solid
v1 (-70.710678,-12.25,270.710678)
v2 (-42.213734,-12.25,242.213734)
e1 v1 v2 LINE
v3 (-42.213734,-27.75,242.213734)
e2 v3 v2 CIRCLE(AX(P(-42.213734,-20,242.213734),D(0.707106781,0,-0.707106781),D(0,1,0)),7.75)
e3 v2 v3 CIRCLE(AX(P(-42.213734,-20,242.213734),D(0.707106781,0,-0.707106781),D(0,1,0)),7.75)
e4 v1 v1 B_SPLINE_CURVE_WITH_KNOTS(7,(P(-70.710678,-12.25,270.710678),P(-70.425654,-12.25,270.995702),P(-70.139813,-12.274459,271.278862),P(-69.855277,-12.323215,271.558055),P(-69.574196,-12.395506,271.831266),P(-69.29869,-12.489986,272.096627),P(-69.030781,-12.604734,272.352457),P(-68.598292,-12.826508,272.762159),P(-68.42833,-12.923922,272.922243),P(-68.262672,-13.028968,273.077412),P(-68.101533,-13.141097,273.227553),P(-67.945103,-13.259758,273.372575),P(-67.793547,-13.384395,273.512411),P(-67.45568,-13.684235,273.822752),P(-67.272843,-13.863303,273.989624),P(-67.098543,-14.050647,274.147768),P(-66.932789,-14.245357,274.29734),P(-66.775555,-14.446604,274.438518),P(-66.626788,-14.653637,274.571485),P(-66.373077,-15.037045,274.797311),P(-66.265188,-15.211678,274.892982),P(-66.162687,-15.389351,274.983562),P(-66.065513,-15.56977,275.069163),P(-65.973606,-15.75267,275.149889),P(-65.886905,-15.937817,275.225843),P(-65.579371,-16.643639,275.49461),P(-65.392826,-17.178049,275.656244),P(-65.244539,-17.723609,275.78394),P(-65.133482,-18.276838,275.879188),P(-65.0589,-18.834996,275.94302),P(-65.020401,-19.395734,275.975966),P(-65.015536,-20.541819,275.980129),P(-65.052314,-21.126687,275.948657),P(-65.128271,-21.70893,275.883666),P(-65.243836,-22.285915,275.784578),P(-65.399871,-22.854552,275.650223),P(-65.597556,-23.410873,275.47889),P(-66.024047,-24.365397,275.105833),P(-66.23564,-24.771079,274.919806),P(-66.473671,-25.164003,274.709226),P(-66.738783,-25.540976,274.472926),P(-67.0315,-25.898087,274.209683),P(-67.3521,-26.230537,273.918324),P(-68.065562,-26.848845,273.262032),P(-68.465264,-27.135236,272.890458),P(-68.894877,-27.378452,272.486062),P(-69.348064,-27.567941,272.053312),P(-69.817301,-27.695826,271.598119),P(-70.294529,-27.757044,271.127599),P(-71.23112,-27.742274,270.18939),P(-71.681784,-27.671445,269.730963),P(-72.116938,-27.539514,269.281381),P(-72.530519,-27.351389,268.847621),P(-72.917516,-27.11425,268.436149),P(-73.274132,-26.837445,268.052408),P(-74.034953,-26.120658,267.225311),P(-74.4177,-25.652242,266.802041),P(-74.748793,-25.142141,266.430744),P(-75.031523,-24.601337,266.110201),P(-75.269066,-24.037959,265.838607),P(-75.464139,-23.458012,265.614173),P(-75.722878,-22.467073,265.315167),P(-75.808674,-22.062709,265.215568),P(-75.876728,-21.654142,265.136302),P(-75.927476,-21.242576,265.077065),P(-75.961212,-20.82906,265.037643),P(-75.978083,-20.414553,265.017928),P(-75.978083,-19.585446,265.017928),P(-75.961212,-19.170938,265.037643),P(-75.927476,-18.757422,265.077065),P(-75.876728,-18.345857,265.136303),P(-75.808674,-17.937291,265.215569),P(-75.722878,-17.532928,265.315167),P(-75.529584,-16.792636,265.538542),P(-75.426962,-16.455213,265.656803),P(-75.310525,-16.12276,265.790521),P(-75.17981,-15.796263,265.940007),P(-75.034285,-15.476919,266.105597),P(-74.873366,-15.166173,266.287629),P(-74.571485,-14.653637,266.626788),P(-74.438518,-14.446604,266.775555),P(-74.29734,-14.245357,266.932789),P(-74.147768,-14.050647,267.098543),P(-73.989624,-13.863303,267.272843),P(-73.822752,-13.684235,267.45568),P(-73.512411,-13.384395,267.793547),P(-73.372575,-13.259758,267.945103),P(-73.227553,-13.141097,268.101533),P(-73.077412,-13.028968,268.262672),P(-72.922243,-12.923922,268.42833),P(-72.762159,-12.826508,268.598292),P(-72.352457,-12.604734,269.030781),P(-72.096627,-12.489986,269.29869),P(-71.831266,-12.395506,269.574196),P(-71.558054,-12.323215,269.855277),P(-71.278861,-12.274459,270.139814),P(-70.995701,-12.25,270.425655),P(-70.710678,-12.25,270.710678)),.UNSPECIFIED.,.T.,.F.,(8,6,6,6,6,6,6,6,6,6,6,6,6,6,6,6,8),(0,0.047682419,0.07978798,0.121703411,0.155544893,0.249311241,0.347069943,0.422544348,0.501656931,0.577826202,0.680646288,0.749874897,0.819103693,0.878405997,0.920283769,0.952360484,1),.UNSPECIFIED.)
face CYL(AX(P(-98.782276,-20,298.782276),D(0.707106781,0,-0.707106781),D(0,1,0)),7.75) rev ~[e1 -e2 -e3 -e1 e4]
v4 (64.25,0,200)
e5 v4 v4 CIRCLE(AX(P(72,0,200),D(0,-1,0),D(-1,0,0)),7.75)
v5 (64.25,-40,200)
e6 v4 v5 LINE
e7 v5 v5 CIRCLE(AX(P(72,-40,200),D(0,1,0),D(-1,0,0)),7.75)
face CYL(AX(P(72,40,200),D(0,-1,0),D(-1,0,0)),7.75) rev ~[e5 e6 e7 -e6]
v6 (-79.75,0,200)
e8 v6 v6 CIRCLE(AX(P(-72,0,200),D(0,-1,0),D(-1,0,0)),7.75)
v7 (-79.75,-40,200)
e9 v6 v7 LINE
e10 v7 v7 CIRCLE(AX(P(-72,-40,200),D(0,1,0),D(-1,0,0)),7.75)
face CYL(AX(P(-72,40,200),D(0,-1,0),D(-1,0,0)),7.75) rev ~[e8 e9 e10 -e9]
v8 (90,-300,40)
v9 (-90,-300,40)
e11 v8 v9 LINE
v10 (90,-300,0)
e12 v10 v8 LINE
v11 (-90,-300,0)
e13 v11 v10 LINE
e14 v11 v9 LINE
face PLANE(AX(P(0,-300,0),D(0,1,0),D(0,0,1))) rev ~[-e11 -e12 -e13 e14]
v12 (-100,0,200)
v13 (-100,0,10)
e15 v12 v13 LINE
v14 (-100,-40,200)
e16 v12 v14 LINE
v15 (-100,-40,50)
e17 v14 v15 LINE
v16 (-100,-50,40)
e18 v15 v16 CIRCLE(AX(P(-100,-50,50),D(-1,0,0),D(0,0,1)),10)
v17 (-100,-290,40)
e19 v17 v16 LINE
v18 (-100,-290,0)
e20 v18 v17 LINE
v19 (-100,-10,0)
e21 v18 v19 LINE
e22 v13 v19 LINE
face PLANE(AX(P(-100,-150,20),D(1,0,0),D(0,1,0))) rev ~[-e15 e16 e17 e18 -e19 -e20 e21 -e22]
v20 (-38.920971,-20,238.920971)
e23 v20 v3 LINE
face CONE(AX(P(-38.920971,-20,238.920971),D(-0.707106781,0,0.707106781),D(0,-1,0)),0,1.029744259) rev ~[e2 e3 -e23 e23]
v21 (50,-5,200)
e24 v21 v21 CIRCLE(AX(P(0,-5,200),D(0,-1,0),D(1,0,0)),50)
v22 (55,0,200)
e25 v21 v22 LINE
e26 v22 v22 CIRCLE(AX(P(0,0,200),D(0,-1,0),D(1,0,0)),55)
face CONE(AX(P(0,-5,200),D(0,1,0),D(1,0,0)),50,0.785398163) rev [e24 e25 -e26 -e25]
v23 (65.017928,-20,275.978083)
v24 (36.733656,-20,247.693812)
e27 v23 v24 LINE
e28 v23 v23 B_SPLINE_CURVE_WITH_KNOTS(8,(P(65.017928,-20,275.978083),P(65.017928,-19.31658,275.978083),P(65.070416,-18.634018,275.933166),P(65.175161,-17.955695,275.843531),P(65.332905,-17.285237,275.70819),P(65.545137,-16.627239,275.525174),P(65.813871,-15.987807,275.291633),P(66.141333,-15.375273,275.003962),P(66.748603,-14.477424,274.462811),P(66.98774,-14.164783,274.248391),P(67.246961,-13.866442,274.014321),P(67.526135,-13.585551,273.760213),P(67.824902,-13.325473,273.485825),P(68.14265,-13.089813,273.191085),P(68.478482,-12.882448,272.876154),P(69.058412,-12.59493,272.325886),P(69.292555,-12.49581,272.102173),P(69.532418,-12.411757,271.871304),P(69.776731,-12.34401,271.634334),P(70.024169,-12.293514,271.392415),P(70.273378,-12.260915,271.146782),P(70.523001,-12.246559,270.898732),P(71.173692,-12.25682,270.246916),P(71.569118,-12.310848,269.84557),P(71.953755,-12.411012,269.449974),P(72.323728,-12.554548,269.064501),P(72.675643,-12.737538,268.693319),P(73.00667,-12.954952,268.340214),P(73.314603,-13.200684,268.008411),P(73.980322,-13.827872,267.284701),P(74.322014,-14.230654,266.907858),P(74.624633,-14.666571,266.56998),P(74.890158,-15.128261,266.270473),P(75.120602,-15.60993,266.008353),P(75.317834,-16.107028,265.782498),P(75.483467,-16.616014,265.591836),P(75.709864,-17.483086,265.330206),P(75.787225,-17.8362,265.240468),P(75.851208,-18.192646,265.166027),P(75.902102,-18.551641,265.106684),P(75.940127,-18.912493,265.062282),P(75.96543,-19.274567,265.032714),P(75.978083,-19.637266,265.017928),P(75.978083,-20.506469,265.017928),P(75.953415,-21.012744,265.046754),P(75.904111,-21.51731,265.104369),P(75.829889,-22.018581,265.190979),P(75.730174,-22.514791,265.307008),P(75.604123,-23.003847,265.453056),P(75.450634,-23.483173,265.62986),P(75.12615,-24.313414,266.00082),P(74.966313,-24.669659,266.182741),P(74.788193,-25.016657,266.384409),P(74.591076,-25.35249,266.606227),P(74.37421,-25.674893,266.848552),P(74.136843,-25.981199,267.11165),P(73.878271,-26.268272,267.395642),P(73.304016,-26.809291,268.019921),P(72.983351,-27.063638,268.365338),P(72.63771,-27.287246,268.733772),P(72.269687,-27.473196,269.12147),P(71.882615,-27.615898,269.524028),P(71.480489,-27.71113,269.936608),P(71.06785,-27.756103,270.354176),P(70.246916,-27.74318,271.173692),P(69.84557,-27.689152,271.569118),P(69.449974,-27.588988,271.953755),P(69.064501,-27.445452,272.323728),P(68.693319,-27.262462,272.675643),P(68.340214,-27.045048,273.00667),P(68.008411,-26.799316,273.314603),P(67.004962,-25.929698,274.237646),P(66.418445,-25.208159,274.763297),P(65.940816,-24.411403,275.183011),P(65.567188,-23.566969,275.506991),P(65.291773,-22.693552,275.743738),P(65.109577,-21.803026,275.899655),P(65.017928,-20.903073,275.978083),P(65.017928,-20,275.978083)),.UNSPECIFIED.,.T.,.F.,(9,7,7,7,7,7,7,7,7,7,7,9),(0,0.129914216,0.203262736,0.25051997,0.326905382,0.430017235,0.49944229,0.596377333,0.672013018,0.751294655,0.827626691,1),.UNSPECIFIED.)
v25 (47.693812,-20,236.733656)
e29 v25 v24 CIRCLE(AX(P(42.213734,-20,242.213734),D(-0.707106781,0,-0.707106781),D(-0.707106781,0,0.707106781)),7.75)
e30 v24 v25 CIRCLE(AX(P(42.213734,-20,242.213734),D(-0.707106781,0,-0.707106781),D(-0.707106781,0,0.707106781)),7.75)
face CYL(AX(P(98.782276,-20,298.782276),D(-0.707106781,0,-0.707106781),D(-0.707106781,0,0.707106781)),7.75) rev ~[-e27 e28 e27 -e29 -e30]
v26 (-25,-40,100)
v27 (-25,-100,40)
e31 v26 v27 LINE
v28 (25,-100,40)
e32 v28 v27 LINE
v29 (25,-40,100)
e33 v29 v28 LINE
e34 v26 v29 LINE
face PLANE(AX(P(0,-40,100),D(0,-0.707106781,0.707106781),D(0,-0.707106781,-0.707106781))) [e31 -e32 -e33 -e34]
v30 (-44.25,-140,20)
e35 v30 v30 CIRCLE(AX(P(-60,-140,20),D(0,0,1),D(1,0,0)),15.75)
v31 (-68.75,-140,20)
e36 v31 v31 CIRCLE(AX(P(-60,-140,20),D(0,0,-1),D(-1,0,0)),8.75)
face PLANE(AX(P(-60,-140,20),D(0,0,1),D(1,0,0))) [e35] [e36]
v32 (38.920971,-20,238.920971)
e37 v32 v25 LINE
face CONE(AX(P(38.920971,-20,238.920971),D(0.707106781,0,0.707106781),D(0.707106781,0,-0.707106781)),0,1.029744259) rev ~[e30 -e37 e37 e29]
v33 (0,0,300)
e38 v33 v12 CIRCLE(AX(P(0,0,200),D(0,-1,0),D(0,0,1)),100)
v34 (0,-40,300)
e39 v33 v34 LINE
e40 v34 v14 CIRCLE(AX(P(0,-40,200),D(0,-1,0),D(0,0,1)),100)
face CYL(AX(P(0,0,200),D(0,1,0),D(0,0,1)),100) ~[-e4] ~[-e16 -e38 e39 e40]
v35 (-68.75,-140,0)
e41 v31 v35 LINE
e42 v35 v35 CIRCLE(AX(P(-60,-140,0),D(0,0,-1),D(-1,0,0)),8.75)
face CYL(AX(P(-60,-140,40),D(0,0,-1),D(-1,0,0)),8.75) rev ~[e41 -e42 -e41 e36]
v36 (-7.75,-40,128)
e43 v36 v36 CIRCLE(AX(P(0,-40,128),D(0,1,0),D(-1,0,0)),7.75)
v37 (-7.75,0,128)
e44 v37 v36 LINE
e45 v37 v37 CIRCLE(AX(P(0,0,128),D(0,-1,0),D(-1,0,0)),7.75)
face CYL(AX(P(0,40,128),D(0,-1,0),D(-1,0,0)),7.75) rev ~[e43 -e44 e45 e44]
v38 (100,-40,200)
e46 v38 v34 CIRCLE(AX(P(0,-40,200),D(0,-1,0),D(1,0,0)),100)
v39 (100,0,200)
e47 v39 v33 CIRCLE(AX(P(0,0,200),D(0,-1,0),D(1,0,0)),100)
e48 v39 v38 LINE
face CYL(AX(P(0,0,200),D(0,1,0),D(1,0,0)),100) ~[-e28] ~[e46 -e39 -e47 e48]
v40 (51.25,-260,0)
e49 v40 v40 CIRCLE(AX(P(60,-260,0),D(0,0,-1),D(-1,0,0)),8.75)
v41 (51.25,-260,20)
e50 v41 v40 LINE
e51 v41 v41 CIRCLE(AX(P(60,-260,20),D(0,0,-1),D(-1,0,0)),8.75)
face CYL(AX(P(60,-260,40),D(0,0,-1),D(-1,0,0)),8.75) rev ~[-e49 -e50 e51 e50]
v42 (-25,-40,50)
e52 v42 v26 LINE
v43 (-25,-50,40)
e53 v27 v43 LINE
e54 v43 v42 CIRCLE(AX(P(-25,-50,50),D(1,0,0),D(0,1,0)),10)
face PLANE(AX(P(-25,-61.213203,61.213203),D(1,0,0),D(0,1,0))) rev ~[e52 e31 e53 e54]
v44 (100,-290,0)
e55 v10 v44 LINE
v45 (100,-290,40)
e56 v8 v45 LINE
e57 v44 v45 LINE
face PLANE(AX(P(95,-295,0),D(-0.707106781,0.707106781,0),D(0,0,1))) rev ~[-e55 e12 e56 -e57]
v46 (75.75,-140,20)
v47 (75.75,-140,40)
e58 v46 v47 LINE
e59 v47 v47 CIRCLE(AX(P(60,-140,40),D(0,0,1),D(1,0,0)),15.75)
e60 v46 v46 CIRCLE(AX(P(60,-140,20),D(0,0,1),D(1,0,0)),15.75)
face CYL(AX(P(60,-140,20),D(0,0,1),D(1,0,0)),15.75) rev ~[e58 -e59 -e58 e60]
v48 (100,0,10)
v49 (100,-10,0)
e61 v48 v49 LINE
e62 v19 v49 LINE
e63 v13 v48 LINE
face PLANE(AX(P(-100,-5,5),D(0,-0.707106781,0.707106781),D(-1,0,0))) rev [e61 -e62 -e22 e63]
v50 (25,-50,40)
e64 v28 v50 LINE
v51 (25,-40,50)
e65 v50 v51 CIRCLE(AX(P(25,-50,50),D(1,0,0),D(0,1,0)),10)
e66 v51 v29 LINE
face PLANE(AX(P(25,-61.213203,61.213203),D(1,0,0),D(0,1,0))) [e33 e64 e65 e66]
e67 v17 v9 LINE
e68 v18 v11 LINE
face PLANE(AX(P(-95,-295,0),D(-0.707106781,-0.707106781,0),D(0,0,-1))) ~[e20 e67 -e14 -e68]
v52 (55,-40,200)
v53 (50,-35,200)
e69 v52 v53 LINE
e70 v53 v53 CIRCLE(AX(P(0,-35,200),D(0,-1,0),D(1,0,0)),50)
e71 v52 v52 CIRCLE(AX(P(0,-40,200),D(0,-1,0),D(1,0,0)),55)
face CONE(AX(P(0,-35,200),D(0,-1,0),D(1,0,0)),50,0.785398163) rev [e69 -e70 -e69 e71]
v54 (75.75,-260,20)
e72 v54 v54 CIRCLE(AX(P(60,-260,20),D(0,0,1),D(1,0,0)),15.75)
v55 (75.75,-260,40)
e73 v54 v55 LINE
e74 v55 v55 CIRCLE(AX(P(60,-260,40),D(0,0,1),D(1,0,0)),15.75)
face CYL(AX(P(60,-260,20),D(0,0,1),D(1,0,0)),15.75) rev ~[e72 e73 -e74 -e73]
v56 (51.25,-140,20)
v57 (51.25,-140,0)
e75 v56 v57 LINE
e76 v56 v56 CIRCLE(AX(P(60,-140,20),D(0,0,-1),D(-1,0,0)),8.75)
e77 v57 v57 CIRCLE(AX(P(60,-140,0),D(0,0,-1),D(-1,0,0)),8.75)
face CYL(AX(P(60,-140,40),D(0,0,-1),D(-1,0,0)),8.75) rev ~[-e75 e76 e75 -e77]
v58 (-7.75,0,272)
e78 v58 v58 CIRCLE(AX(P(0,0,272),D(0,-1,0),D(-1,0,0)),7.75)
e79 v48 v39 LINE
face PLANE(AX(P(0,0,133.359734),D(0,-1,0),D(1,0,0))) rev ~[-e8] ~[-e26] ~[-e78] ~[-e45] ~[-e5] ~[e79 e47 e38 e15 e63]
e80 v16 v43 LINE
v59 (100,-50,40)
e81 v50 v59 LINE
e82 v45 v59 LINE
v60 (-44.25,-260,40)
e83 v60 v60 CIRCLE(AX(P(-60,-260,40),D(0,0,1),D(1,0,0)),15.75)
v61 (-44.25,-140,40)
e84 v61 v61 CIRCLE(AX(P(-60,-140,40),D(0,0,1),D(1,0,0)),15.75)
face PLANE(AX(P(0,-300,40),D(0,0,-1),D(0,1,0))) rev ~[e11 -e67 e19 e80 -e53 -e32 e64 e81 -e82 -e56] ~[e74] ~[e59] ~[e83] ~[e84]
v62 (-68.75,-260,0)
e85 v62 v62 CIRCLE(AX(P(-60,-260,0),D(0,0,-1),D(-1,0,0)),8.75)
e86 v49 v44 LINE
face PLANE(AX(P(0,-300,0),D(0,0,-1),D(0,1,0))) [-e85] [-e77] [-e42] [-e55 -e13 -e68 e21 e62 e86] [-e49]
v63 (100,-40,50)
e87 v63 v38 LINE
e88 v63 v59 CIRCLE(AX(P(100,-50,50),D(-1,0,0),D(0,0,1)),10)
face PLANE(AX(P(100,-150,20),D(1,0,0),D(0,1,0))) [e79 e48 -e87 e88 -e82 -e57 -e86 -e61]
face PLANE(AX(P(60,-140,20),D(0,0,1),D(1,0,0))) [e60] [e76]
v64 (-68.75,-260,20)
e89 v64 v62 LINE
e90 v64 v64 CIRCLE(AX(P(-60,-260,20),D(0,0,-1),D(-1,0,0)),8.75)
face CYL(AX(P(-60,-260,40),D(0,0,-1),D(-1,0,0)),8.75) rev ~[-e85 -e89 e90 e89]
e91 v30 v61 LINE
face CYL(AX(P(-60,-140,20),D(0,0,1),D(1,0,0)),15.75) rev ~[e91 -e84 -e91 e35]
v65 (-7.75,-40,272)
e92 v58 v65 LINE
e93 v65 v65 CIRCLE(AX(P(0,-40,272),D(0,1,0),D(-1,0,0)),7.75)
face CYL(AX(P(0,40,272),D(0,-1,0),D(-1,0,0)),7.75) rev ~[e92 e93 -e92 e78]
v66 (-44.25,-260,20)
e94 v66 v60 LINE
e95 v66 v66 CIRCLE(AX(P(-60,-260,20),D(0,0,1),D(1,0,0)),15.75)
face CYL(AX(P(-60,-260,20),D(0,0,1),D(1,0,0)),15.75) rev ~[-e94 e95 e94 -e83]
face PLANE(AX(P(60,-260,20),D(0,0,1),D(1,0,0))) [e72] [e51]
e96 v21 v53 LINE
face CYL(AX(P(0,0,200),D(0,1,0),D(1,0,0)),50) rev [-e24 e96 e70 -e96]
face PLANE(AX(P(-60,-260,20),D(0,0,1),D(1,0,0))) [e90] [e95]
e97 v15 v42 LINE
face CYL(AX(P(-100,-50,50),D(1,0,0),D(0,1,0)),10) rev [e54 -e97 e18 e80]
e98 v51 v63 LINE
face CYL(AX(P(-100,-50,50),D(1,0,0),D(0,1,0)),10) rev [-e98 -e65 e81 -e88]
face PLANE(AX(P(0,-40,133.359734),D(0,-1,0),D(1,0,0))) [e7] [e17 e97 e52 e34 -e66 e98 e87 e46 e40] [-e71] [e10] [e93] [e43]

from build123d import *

# Parameters (mm, degrees)
F0_R            = 7.5770017359
F0_R_2          = 50
F1_DEPTH        = 40
F2_D            = 15.5
F2_DEPTH        = 40
F2_TIP          = 4.6566697975
F3_SIZE         = 5
F9_D            = 15.5
F9_DEPTH        = 40
F9_START        = 0.3007649
F9_TIP          = 4.6566697975
F11_D           = 15.5
F11_DEPTH       = 40
F11_START       = 0.3007649
F11_TIP         = 4.6566697975
F12_W           = 300
F12_H           = 40
F13_DEPTH       = 100
F15_R           = 10
F16_DEPTH       = 25
F17_SIZE        = 10
F19_D           = 17.5
F19_CBORE_D     = 31.5
F19_CBORE_DEPTH = 20


with BuildPart() as f1:
    # F0 (on Front) → F1 (new body)
    with BuildSketch(Plane.XZ):
        with BuildLine():
            Line((-100, 200), (-100, 0))
            Line((-100, 0), (100, 0))
            Line((100, 0), (100, 200))
            ThreePointArc((100, 200), (70.7106781187, 270.7106781187), (0, 300))
            ThreePointArc((0, 300), (-70.7106781187, 270.7106781187), (-100, 200))
        make_face()
        with Locations((0, 128)):
            Circle(F0_R, mode=Mode.SUBTRACT)
        with Locations((-72, 200)):
            Circle(F0_R, mode=Mode.SUBTRACT)
        with Locations((0, 200)):
            Circle(F0_R_2, mode=Mode.SUBTRACT)
        with Locations((72, 200)):
            Circle(F0_R, mode=Mode.SUBTRACT)
        with Locations((0, 272)):
            Circle(F0_R, mode=Mode.SUBTRACT)
        with Locations((72, 200)):
            Circle(F0_R)
        with Locations((0, 128)):
            Circle(F0_R)
        with Locations((-72, 200)):
            Circle(F0_R)
        with Locations((0, 272)):
            Circle(F0_R)
    extrude(amount=F1_DEPTH)

    # F2
    with Locations(Plane(origin=(0, 0, 0), x_dir=(1, 0, 0), z_dir=(0, 1, 0))):
        with Locations((0, -272), (72, -200), (0, -128), (-72, -200)):
            Hole(F2_D / 2, depth=F2_DEPTH)
            with Locations((0, 0, -(F2_DEPTH + F2_TIP / 2))):  # 118° drill point
                Cone(0, F2_D / 2, F2_TIP, mode=Mode.SUBTRACT)

    # F3
    f3_edges = [f1.edges().sort_by_distance(p)[0] for p in [
        (-50, 0, 200),
        (-50, -40, 200),
    ]]
    chamfer(f3_edges, length=F3_SIZE)

    # F9
    # its depths count from where the whole tool has entered the part; down to there all is cleared
    with Locations(Plane(origin=(170.7106781187, 0, 170.7106781187), x_dir=(0.7071067812, 0, -0.7071067812), z_dir=(0.7071067812, 0, 0.7071067812)).offset(-F9_START)):
        with Locations((-141.4213562373, -20)):
            Hole(F9_D / 2, depth=F9_DEPTH)
            with Locations((0, 0, -(F9_DEPTH + F9_TIP / 2))):  # 118° drill point
                Cone(0, F9_D / 2, F9_TIP, mode=Mode.SUBTRACT)

    # F11
    # its depths count from where the whole tool has entered the part; down to there all is cleared
    with Locations(Plane(origin=(-170.7106781187, 0, 170.7106781187), x_dir=(0, -1, 0), z_dir=(-0.7071067812, 0, 0.7071067812)).offset(-F11_START)):
        with Locations((20, 141.4213562373)):
            Hole(F11_D / 2, depth=F11_DEPTH)
            with Locations((0, 0, -(F11_DEPTH + F11_TIP / 2))):  # 118° drill point
                Cone(0, F11_D / 2, F11_TIP, mode=Mode.SUBTRACT)

    # F12 (on Right) → F13 (join, symmetric)
    with BuildSketch(Plane.YZ):
        with Locations((-150, 20)):
            Rectangle(F12_W, F12_H)
    extrude(amount=F13_DEPTH, both=True)

    # F15
    f15_edges = [f1.edges().sort_by_distance(p)[0] for p in [
        (0, -40, 40),
    ]]
    fillet(f15_edges, radius=F15_R)

    # F14 (on Right) → F16 (join, symmetric)
    with BuildSketch(Plane.YZ):
        Polygon((-40, 40), (-40, 100), (-100, 40), align=None)
    extrude(amount=F16_DEPTH, both=True)

    # F17
    f17_edges = [f1.edges().sort_by_distance(p)[0] for p in [
        (100, -300, 20),
        (-100, -300, 20),
        (0, 0, 0),
    ]]
    chamfer(f17_edges, length=F17_SIZE)

    # F19 (through all)
    with Locations(Plane.XY.offset(40)):
        with Locations((-60, -140), (60, -140), (60, -260), (-60, -260)):
            CounterBoreHole(F19_D / 2, F19_CBORE_D / 2, F19_CBORE_DEPTH)


solid = f1.part
